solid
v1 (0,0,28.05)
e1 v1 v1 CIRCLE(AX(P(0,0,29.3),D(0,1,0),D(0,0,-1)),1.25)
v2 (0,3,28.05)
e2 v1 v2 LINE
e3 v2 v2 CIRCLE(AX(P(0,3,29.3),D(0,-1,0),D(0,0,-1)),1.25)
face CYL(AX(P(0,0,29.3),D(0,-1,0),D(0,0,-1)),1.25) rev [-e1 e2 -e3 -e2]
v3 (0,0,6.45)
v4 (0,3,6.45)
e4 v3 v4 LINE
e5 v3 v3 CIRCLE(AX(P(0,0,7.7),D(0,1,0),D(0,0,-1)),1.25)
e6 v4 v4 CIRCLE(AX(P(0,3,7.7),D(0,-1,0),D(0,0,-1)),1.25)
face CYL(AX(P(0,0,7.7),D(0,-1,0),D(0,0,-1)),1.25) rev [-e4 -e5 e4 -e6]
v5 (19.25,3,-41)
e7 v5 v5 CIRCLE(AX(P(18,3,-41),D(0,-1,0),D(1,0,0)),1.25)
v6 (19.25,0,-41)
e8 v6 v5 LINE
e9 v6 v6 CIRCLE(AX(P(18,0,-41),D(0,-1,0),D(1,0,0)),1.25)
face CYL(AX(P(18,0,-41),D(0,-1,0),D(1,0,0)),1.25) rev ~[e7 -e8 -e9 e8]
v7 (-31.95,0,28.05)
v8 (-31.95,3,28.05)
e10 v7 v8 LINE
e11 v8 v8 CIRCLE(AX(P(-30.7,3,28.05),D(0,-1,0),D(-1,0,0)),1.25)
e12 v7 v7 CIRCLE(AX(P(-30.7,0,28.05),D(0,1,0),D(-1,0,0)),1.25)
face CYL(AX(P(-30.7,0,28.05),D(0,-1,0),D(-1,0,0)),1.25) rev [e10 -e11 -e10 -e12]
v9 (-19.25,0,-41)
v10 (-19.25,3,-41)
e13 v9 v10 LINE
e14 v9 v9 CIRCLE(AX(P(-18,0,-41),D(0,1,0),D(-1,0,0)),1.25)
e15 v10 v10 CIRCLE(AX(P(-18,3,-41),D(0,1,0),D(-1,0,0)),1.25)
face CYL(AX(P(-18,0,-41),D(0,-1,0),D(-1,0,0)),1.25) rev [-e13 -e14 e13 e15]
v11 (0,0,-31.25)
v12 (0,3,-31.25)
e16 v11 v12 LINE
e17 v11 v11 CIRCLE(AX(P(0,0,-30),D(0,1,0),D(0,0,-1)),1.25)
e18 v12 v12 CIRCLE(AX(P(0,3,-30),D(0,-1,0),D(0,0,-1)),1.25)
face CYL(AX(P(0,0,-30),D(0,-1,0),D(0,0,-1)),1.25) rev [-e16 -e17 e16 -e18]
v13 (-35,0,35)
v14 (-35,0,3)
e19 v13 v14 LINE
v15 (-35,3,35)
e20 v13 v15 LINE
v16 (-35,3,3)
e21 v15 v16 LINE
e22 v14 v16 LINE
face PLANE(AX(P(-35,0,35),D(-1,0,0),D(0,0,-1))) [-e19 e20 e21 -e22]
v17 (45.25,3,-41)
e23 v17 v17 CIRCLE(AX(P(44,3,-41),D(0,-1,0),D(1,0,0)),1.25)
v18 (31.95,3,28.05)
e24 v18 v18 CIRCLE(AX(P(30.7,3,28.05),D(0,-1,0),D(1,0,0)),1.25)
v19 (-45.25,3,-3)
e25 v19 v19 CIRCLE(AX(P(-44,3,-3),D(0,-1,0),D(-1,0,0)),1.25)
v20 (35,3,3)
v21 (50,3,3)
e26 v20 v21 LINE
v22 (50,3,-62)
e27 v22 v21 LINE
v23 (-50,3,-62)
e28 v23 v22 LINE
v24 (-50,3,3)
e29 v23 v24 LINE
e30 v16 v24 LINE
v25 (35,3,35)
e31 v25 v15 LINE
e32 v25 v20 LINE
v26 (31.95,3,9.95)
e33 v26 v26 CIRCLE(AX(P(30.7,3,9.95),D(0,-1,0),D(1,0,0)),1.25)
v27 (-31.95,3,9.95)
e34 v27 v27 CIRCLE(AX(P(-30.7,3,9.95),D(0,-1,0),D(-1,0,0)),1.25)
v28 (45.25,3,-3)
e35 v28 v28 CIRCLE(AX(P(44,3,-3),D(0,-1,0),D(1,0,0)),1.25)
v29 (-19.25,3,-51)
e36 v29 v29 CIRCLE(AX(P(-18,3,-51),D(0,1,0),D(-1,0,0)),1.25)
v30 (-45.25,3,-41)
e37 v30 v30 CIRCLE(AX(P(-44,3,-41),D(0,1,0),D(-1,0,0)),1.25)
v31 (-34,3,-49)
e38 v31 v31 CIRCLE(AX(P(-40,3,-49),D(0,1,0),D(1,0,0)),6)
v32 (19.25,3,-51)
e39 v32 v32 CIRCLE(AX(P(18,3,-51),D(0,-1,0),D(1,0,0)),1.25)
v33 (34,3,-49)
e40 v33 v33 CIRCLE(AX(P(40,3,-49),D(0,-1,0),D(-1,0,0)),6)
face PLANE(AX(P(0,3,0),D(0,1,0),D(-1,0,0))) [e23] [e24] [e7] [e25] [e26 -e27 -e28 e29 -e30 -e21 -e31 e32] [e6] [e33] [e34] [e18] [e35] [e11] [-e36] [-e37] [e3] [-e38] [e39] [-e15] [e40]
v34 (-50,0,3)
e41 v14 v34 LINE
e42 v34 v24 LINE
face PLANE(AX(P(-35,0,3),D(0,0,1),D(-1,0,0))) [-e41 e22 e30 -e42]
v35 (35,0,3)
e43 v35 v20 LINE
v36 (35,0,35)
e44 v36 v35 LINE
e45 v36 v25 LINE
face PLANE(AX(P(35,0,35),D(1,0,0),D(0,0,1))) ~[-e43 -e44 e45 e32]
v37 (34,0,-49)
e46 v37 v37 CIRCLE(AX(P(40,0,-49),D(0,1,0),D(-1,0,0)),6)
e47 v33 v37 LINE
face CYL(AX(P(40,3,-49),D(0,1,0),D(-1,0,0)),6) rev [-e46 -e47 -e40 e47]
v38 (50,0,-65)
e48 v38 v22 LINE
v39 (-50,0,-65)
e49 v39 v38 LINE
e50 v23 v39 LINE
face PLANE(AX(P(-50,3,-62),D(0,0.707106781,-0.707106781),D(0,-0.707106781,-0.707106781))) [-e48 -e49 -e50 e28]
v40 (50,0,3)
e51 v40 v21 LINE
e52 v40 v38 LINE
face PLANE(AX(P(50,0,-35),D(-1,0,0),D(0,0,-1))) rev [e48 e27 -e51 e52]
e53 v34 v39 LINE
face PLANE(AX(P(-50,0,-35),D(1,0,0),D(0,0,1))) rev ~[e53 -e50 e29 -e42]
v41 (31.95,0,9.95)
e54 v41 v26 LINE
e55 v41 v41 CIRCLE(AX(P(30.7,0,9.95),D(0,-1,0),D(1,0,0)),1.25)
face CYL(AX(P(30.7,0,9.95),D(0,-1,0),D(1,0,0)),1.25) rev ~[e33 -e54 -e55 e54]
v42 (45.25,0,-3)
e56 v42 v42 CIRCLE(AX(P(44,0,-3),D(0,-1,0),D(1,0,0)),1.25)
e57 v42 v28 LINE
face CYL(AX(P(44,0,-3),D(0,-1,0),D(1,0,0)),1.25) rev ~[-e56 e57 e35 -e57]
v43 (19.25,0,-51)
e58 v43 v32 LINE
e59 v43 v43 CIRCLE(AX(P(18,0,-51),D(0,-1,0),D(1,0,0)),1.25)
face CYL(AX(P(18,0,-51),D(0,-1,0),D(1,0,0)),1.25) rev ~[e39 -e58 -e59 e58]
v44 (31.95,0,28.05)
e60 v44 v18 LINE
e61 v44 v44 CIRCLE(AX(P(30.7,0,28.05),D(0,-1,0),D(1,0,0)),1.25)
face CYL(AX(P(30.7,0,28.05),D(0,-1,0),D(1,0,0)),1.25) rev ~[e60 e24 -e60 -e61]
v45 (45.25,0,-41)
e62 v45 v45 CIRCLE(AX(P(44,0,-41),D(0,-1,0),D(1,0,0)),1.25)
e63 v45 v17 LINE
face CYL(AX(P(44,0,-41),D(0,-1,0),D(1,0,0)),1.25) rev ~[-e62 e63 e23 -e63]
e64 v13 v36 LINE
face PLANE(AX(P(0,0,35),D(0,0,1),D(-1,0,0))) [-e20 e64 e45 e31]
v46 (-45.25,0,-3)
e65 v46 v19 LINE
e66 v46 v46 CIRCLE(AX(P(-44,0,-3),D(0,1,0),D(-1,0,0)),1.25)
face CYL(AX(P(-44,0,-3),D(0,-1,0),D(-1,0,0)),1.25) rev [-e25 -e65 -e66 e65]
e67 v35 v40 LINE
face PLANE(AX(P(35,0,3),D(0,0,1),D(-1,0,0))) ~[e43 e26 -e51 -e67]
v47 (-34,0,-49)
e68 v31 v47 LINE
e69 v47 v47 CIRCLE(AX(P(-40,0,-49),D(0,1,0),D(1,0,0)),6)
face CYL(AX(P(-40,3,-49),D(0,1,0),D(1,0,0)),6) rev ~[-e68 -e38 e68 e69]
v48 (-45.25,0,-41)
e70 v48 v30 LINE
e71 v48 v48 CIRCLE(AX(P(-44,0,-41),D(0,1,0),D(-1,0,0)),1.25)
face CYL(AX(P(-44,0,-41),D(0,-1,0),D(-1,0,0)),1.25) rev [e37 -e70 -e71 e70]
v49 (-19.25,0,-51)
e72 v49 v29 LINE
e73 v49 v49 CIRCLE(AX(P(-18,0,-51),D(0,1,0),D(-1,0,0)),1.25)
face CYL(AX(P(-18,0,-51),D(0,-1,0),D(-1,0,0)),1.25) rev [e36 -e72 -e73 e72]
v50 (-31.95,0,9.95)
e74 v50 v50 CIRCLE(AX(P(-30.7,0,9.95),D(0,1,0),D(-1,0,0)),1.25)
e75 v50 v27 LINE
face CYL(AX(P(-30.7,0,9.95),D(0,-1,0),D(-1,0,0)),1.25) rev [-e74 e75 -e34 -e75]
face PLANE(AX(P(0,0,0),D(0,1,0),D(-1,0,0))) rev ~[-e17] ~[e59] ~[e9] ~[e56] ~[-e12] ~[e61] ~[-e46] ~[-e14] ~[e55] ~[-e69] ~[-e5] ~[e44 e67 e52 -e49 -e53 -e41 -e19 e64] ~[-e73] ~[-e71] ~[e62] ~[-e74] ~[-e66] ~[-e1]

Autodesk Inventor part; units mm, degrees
ref_plane "YZ Plane" through (0, 0, 0) normal (1, 0, 0) x (0, 1, 0)
ref_plane "XZ Plane" through (0, 0, 0) normal (0, 1, 0) x (-1, 0, 0)
ref_plane "XY Plane" through (0, 0, 0) normal (0, 0, 1) x (1, 0, 0)
sketch "Sketch1" plane through (0, 0, 0) normal (0, 1, 0) x (-1, 0, 0)
  line L0 (35, 35) -> (35, 3)
  line L1 (9, 3) -> (35, 3) construction
  line L2 (0, 3) -> (9, 3) construction
  line L3 (35, 3) -> (50, 3)
  line L4 (0, -35) -> (0, 35)
  line L5 (0, -35) -> (50, -35)
  line L6 (0, 35) -> (35, 35)
  line L7 (50, -35) -> (50, 3)
  line L8 (30.7, 28.05) -> (35, 28.05) construction
  line L9 (30.7, 28.05) -> (30.7, 9.95) construction
  line L10 (30.7, 9.95) -> (30.7, 3) construction
  circle A0 centre (30.7, 9.95) radius 1.25
  circle A1 centre (30.7, 28.05) radius 1.25
  circle A2 centre (44, -3) radius 1.25
  arc A3 (0, -31.25) -> (0, -28.75) centre (0, -30) ccw
  arc A4 (0, 6.45) -> (0, 8.95) centre (0, 7.7) ccw
  arc A5 (0, 28.05) -> (0, 30.55) centre (0, 29.3) ccw
  line L11 (0, 29.3) -> (30.7, 29.3) construction
  line L12 (50, -35) -> (50, -65)
  line L13 (50, -65) -> (0, -65)
  line L14 (0, -35) -> (0, -65)
  circle A6 centre (44, -41) radius 1.25
  circle A7 centre (18, -41) radius 1.25
  circle A8 centre (18, -51) radius 1.25
  point P0 (0, 0)
  point P1 (-50, 0)
  point P2 (0, 0)
  dimension "d26" = 2.5
  dimension "d6" = 32
  dimension "d9" = 26
  dimension "d10" = 9
  dimension "d11" = 50
  dimension "d12" = 70
  dimension "d14" = 4.3
  dimension "d15" = 18.1
  dimension "d20" = 6.95
  dimension "d25" = 2.5
  dimension "d32" = 2.5
  dimension "d33" = 2.5
  dimension "d35" = 2.5
  dimension "d36" = 30
  dimension "d37" = 6
  dimension "d38" = 6
  dimension "d39" = 32
  dimension "d40" = 10
  dimension "d41" = 2.5
  dimension "d42" = 2.5
  dimension "d43" = 2.5
  dimension "d55" = 6
  dimension "d56" = 6
  dimension "d57" = 2.5
  dimension "d58" = 5
  dimension "d59" = 2.25
extrude "Extrusion1" add sketch "Sketch1" along normal blind 3 contours L0 L3 L7 L5 L4 A3 A4 A5 L6 | A5 L4 | L12 L13 L14 L5 | A4 L4 | L4 A3 | A0 | A1 | A2
extrude "Extrusion4" cut sketch "Sketch1" along normal through all contours A5 L4 | A4 L4 | L4 A3 | A0 | A1 | A2
mirror "Mirror1" about plane through (0, 0, 0) normal (1, 0, 0) of "Extrusion1", "Extrusion4"
sketch "Sketch4" plane through (-50, 0, -65) normal (-1, 0, 0) x (0, 0, 1)
  line L0 (0, 3) -> (68, 3) projected
  line L1 (0, 3) -> (3, 3)
  line L2 (0, 0) -> (68, 0) projected
  line L3 (3, 3) -> (0, 0)
  line L4 (0, 0) -> (0, 3) projected
  line L5 (0, 0) -> (0, 3)
  point P0 (65, 0)
  dimension "d44" = 3
extrude "Extrusion5" cut sketch "Sketch4" against normal through all
sketch "Sketch5" plane through (0, 3, 0) normal (0, 1, 0) x (1, 0, 0)
  circle A0 centre (-40, 49) radius 6
  line L0 (-50, 62) -> (-50, -3) projected
  line L1 (50, 62) -> (-50, 62) projected
  point P0 (0, 0)
  dimension "d50" = 10
  dimension "d51" = 13
  dimension "d52" = 12
extrude "Extrusion6" cut sketch "Sketch5" against normal through all
mirror "Mirror2" about plane through (0, 0, 0) normal (1, 0, 0) of "Extrusion6"
properties part number "Podstawa_All_in_One_3mm"
